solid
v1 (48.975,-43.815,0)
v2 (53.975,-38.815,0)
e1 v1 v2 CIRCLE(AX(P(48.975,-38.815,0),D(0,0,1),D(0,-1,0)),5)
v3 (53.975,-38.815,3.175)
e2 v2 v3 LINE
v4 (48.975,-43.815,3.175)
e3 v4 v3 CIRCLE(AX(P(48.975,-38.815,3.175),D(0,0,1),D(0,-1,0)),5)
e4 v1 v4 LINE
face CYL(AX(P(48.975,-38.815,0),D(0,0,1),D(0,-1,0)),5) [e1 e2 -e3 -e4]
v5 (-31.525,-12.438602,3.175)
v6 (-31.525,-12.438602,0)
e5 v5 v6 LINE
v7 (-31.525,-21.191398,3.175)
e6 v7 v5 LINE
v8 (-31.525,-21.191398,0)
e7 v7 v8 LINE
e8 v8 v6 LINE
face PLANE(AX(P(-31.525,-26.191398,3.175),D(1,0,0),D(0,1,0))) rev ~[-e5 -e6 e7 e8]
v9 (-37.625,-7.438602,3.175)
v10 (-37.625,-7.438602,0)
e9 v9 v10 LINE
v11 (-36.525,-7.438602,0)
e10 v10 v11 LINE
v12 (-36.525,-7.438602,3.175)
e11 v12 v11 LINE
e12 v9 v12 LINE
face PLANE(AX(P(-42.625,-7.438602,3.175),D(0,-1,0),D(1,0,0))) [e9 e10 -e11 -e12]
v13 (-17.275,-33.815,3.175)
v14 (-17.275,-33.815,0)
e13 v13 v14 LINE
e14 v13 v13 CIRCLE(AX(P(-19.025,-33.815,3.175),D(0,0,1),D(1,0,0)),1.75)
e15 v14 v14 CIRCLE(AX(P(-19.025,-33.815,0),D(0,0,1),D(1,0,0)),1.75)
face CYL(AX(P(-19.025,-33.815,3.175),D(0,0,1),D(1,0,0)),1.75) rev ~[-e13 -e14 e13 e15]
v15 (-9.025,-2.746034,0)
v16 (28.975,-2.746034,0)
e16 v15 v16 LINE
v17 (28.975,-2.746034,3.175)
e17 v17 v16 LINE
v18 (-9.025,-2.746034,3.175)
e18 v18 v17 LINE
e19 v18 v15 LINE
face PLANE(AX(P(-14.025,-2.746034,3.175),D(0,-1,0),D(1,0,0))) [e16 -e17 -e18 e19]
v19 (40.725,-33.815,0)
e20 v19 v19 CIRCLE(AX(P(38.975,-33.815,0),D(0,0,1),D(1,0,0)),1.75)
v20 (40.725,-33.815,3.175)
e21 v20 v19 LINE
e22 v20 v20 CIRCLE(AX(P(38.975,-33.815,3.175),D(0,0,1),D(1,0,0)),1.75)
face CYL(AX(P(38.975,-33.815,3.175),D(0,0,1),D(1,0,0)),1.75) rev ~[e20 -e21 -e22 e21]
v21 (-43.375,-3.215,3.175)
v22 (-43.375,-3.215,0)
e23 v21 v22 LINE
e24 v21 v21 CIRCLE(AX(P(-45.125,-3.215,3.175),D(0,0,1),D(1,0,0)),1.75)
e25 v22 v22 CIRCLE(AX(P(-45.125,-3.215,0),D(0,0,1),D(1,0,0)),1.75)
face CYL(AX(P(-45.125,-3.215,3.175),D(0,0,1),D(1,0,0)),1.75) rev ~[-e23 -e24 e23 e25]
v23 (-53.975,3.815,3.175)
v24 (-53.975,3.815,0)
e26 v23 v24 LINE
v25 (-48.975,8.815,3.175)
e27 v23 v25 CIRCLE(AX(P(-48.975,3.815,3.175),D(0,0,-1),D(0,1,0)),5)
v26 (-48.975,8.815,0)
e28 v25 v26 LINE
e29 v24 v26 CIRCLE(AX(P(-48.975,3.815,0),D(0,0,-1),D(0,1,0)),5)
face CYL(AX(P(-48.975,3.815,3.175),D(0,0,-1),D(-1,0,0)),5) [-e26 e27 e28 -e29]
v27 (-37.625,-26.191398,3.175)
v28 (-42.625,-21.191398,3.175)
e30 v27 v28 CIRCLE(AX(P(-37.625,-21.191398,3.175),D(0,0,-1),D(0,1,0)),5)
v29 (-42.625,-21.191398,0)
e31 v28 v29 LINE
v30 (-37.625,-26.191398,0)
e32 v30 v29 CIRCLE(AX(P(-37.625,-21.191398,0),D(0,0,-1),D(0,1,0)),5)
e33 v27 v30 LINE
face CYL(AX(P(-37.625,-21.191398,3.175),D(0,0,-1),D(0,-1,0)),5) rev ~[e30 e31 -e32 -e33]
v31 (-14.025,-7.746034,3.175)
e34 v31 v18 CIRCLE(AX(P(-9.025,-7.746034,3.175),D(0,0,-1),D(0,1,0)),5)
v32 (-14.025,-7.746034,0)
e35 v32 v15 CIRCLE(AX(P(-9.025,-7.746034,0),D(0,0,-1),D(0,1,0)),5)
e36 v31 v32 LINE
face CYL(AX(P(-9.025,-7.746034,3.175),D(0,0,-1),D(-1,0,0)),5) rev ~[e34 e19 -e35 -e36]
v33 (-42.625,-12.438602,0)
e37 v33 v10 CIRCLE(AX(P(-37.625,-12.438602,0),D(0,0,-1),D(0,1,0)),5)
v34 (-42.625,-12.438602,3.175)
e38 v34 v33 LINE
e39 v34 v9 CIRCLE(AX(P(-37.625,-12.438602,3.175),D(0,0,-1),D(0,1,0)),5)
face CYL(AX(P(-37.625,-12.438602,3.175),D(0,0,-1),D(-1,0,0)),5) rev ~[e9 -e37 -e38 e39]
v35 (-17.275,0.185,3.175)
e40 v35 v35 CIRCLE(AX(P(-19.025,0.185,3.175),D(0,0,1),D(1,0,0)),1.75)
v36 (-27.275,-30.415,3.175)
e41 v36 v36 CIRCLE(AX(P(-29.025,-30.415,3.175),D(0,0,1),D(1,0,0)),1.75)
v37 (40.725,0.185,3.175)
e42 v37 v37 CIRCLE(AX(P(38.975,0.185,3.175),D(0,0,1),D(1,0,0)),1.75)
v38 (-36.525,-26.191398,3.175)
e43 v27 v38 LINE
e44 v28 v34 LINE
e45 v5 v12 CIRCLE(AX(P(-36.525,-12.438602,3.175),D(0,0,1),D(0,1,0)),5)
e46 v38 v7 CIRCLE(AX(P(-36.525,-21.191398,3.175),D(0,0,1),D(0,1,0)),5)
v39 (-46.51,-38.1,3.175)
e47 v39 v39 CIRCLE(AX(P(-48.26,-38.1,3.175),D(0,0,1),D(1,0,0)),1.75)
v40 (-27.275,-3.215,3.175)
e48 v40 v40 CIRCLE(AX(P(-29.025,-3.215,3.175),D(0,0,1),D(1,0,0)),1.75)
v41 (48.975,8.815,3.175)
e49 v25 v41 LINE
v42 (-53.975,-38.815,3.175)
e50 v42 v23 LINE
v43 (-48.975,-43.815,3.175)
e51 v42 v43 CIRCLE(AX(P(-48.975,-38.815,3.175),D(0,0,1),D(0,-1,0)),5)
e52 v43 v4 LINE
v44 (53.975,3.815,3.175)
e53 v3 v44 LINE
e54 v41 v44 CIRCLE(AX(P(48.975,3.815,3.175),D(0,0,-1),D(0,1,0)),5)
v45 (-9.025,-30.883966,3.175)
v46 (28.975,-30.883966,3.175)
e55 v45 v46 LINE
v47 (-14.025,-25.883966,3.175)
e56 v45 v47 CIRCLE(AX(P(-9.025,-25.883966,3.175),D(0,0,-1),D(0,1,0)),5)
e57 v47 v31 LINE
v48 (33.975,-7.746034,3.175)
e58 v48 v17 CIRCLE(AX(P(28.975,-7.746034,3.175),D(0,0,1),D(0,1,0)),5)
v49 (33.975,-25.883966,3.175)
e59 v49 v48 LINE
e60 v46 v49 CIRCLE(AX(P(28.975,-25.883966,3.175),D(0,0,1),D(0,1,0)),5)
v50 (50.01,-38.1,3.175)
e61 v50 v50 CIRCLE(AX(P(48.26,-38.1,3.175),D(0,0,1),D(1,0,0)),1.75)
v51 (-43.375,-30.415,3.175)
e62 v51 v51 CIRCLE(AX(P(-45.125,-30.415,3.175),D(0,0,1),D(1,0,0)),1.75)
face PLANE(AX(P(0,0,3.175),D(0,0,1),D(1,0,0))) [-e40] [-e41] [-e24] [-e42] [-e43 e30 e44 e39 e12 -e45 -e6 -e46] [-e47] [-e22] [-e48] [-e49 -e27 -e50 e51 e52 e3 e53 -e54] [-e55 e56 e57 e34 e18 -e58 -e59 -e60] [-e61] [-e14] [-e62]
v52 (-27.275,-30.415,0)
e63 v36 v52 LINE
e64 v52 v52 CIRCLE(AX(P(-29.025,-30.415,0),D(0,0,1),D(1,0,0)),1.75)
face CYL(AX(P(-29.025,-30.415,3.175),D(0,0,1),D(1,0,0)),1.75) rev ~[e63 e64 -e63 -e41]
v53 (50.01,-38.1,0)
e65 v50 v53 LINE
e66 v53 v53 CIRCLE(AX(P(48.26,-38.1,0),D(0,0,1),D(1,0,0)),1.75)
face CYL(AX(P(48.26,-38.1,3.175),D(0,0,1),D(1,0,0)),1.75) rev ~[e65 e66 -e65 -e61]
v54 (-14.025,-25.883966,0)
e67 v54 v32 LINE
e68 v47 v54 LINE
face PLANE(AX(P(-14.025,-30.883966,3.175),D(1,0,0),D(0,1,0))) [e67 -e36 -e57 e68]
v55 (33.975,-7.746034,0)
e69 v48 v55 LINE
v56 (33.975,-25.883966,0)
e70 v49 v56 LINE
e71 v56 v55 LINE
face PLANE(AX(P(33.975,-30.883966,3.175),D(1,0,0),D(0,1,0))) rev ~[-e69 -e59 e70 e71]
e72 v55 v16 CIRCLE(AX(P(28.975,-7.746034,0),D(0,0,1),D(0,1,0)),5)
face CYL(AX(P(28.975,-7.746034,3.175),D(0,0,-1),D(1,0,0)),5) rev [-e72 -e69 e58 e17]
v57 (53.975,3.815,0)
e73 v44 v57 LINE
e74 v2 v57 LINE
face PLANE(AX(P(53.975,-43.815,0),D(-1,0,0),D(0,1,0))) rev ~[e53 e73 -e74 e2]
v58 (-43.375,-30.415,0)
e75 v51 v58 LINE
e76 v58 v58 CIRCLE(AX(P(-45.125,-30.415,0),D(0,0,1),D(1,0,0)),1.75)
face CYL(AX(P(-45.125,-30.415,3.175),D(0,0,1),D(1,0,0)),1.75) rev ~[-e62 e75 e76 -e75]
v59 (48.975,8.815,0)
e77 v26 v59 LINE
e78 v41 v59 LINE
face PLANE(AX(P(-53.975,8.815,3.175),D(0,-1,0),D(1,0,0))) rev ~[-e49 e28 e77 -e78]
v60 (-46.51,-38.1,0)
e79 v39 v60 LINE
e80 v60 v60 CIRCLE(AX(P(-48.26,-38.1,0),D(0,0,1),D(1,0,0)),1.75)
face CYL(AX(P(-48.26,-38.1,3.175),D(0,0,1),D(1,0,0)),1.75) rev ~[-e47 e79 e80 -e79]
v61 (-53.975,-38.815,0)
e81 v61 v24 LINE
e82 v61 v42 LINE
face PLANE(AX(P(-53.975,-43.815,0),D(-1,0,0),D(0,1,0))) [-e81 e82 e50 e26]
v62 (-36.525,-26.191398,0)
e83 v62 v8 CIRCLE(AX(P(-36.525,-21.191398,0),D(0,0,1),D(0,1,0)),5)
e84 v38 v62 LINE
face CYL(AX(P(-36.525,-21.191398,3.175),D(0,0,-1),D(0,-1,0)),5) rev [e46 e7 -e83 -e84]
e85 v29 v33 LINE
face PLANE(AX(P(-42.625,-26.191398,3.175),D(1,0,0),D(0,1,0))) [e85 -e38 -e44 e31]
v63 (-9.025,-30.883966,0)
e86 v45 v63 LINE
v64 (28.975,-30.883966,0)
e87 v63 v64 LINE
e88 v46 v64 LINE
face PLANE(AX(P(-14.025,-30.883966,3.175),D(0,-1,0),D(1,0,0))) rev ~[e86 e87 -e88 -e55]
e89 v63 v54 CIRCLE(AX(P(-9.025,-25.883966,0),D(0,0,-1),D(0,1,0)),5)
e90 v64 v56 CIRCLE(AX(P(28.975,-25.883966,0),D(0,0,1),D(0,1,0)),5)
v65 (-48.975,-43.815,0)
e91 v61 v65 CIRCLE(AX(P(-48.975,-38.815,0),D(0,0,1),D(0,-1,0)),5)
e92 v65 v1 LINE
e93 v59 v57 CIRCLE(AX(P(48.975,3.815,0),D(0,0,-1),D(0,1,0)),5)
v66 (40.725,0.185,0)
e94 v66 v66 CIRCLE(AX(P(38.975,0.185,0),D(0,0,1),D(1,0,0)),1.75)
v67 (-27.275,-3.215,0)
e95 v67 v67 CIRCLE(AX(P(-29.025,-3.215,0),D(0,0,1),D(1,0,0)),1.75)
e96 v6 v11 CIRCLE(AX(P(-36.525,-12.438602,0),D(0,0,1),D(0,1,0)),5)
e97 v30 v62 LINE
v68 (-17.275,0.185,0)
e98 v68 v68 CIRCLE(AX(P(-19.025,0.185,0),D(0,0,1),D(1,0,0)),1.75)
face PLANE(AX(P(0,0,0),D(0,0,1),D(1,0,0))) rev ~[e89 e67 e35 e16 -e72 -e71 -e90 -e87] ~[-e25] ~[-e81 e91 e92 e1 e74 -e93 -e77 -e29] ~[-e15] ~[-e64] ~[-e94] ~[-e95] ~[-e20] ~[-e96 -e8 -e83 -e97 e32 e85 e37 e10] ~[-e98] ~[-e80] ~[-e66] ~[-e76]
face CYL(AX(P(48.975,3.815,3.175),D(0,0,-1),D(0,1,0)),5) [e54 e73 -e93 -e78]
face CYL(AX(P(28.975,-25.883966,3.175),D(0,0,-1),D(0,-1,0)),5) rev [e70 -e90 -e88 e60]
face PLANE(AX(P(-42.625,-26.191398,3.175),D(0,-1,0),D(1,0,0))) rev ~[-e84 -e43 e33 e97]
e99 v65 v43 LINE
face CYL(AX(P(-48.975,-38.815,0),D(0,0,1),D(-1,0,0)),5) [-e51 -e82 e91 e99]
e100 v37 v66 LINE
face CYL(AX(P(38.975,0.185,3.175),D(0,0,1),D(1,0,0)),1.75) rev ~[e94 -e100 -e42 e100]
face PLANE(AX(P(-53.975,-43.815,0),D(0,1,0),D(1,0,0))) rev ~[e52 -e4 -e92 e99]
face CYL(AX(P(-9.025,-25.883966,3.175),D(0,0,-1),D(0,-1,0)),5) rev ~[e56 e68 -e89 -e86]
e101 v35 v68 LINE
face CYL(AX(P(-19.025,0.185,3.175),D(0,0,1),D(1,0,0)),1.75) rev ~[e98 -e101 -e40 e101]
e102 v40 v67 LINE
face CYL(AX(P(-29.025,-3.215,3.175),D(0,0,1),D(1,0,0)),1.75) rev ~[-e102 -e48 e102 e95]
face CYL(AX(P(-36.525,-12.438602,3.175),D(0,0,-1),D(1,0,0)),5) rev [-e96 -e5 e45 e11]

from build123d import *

# Parameters (mm, degrees)
SKETCH1_W           = 107.95
SKETCH1_H           = 87.63
BOSS_EXTRUDE1_DEPTH = 3.175
SKETCH2_R           = 1.75
CUT_EXTRUDE1_DEPTH  = 4.175
SKETCH3_R           = 1.75
SKETCH3_W           = 48
SKETCH3_H           = 28.137931034
SKETCH3_W_2         = 11.1
SKETCH3_H_2         = 18.752795032
CUT_EXTRUDE2_DEPTH  = 4.175
SKETCH4_W           = 107.95
SKETCH4_H           = 35
CUT_EXTRUDE3_DEPTH  = 4.175
FILLET1_R           = 5


with BuildPart() as part:
    # Sketch1 → Boss-Extrude1 (new body)
    with BuildSketch(Plane.XY):
        Rectangle(SKETCH1_W, SKETCH1_H)
    extrude(amount=BOSS_EXTRUDE1_DEPTH)

    # Sketch2 → Cut-Extrude1 (cut, through all)
    with BuildSketch(Plane.XY.offset(3.175)):
        with Locations((-48.26, 38.1)):
            Circle(SKETCH2_R)
        with Locations((48.26, 38.1)):
            Circle(SKETCH2_R)
        with Locations((48.26, -38.1)):
            Circle(SKETCH2_R)
        with Locations((-48.26, -38.1)):
            Circle(SKETCH2_R)
    extrude(amount=-CUT_EXTRUDE1_DEPTH, mode=Mode.SUBTRACT)

    # Sketch3 → Cut-Extrude2 (cut, through all)
    with BuildSketch(Plane.XY.offset(3.175)):
        with Locations((-29.025, -3.215)):
            Circle(SKETCH3_R)
        with Locations((-29.025, -30.415)):
            Circle(SKETCH3_R)
        with Locations((-45.125, -30.415)):
            Circle(SKETCH3_R)
        with Locations((-45.125, -3.215)):
            Circle(SKETCH3_R)
        with Locations((-19.025, -33.815)):
            Circle(SKETCH3_R)
        with Locations((38.975, -33.815)):
            Circle(SKETCH3_R)
        with Locations((38.975, 0.185)):
            Circle(SKETCH3_R)
        with Locations((-19.025, 0.185)):
            Circle(SKETCH3_R)
        with Locations((9.975, -16.815)):
            Rectangle(SKETCH3_W, SKETCH3_H)
        with Locations((-37.075, -16.815)):
            Rectangle(SKETCH3_W_2, SKETCH3_H_2)
    extrude(amount=-CUT_EXTRUDE2_DEPTH, mode=Mode.SUBTRACT)

    # Sketch4 → Cut-Extrude3 (cut, through all)
    with BuildSketch(Plane.XY.offset(3.175)):
        with Locations((0, 26.315)):
            Rectangle(SKETCH4_W, SKETCH4_H)
    extrude(amount=-CUT_EXTRUDE3_DEPTH, mode=Mode.SUBTRACT)

    # Fillet1
    fillet1_edges = [part.edges().sort_by_distance(p)[0] for p in [
        (-53.975, 8.815, 1.5875),
        (53.975, 8.815, 1.5875),
        (33.975, -2.746034483, 1.5875),
        (33.975, -30.883965517, 1.5875),
        (-14.025, -30.883965517, 1.5875),
        (-14.025, -2.746034483, 1.5875),
        (-31.525, -7.438602484, 1.5875),
        (-31.525, -26.191397516, 1.5875),
        (-42.625, -26.191397516, 1.5875),
        (-42.625, -7.438602484, 1.5875),
        (53.975, -43.815, 1.5875),
        (-53.975, -43.815, 1.5875),
    ]]
    fillet(fillet1_edges, radius=FILLET1_R)


solid = part.part
